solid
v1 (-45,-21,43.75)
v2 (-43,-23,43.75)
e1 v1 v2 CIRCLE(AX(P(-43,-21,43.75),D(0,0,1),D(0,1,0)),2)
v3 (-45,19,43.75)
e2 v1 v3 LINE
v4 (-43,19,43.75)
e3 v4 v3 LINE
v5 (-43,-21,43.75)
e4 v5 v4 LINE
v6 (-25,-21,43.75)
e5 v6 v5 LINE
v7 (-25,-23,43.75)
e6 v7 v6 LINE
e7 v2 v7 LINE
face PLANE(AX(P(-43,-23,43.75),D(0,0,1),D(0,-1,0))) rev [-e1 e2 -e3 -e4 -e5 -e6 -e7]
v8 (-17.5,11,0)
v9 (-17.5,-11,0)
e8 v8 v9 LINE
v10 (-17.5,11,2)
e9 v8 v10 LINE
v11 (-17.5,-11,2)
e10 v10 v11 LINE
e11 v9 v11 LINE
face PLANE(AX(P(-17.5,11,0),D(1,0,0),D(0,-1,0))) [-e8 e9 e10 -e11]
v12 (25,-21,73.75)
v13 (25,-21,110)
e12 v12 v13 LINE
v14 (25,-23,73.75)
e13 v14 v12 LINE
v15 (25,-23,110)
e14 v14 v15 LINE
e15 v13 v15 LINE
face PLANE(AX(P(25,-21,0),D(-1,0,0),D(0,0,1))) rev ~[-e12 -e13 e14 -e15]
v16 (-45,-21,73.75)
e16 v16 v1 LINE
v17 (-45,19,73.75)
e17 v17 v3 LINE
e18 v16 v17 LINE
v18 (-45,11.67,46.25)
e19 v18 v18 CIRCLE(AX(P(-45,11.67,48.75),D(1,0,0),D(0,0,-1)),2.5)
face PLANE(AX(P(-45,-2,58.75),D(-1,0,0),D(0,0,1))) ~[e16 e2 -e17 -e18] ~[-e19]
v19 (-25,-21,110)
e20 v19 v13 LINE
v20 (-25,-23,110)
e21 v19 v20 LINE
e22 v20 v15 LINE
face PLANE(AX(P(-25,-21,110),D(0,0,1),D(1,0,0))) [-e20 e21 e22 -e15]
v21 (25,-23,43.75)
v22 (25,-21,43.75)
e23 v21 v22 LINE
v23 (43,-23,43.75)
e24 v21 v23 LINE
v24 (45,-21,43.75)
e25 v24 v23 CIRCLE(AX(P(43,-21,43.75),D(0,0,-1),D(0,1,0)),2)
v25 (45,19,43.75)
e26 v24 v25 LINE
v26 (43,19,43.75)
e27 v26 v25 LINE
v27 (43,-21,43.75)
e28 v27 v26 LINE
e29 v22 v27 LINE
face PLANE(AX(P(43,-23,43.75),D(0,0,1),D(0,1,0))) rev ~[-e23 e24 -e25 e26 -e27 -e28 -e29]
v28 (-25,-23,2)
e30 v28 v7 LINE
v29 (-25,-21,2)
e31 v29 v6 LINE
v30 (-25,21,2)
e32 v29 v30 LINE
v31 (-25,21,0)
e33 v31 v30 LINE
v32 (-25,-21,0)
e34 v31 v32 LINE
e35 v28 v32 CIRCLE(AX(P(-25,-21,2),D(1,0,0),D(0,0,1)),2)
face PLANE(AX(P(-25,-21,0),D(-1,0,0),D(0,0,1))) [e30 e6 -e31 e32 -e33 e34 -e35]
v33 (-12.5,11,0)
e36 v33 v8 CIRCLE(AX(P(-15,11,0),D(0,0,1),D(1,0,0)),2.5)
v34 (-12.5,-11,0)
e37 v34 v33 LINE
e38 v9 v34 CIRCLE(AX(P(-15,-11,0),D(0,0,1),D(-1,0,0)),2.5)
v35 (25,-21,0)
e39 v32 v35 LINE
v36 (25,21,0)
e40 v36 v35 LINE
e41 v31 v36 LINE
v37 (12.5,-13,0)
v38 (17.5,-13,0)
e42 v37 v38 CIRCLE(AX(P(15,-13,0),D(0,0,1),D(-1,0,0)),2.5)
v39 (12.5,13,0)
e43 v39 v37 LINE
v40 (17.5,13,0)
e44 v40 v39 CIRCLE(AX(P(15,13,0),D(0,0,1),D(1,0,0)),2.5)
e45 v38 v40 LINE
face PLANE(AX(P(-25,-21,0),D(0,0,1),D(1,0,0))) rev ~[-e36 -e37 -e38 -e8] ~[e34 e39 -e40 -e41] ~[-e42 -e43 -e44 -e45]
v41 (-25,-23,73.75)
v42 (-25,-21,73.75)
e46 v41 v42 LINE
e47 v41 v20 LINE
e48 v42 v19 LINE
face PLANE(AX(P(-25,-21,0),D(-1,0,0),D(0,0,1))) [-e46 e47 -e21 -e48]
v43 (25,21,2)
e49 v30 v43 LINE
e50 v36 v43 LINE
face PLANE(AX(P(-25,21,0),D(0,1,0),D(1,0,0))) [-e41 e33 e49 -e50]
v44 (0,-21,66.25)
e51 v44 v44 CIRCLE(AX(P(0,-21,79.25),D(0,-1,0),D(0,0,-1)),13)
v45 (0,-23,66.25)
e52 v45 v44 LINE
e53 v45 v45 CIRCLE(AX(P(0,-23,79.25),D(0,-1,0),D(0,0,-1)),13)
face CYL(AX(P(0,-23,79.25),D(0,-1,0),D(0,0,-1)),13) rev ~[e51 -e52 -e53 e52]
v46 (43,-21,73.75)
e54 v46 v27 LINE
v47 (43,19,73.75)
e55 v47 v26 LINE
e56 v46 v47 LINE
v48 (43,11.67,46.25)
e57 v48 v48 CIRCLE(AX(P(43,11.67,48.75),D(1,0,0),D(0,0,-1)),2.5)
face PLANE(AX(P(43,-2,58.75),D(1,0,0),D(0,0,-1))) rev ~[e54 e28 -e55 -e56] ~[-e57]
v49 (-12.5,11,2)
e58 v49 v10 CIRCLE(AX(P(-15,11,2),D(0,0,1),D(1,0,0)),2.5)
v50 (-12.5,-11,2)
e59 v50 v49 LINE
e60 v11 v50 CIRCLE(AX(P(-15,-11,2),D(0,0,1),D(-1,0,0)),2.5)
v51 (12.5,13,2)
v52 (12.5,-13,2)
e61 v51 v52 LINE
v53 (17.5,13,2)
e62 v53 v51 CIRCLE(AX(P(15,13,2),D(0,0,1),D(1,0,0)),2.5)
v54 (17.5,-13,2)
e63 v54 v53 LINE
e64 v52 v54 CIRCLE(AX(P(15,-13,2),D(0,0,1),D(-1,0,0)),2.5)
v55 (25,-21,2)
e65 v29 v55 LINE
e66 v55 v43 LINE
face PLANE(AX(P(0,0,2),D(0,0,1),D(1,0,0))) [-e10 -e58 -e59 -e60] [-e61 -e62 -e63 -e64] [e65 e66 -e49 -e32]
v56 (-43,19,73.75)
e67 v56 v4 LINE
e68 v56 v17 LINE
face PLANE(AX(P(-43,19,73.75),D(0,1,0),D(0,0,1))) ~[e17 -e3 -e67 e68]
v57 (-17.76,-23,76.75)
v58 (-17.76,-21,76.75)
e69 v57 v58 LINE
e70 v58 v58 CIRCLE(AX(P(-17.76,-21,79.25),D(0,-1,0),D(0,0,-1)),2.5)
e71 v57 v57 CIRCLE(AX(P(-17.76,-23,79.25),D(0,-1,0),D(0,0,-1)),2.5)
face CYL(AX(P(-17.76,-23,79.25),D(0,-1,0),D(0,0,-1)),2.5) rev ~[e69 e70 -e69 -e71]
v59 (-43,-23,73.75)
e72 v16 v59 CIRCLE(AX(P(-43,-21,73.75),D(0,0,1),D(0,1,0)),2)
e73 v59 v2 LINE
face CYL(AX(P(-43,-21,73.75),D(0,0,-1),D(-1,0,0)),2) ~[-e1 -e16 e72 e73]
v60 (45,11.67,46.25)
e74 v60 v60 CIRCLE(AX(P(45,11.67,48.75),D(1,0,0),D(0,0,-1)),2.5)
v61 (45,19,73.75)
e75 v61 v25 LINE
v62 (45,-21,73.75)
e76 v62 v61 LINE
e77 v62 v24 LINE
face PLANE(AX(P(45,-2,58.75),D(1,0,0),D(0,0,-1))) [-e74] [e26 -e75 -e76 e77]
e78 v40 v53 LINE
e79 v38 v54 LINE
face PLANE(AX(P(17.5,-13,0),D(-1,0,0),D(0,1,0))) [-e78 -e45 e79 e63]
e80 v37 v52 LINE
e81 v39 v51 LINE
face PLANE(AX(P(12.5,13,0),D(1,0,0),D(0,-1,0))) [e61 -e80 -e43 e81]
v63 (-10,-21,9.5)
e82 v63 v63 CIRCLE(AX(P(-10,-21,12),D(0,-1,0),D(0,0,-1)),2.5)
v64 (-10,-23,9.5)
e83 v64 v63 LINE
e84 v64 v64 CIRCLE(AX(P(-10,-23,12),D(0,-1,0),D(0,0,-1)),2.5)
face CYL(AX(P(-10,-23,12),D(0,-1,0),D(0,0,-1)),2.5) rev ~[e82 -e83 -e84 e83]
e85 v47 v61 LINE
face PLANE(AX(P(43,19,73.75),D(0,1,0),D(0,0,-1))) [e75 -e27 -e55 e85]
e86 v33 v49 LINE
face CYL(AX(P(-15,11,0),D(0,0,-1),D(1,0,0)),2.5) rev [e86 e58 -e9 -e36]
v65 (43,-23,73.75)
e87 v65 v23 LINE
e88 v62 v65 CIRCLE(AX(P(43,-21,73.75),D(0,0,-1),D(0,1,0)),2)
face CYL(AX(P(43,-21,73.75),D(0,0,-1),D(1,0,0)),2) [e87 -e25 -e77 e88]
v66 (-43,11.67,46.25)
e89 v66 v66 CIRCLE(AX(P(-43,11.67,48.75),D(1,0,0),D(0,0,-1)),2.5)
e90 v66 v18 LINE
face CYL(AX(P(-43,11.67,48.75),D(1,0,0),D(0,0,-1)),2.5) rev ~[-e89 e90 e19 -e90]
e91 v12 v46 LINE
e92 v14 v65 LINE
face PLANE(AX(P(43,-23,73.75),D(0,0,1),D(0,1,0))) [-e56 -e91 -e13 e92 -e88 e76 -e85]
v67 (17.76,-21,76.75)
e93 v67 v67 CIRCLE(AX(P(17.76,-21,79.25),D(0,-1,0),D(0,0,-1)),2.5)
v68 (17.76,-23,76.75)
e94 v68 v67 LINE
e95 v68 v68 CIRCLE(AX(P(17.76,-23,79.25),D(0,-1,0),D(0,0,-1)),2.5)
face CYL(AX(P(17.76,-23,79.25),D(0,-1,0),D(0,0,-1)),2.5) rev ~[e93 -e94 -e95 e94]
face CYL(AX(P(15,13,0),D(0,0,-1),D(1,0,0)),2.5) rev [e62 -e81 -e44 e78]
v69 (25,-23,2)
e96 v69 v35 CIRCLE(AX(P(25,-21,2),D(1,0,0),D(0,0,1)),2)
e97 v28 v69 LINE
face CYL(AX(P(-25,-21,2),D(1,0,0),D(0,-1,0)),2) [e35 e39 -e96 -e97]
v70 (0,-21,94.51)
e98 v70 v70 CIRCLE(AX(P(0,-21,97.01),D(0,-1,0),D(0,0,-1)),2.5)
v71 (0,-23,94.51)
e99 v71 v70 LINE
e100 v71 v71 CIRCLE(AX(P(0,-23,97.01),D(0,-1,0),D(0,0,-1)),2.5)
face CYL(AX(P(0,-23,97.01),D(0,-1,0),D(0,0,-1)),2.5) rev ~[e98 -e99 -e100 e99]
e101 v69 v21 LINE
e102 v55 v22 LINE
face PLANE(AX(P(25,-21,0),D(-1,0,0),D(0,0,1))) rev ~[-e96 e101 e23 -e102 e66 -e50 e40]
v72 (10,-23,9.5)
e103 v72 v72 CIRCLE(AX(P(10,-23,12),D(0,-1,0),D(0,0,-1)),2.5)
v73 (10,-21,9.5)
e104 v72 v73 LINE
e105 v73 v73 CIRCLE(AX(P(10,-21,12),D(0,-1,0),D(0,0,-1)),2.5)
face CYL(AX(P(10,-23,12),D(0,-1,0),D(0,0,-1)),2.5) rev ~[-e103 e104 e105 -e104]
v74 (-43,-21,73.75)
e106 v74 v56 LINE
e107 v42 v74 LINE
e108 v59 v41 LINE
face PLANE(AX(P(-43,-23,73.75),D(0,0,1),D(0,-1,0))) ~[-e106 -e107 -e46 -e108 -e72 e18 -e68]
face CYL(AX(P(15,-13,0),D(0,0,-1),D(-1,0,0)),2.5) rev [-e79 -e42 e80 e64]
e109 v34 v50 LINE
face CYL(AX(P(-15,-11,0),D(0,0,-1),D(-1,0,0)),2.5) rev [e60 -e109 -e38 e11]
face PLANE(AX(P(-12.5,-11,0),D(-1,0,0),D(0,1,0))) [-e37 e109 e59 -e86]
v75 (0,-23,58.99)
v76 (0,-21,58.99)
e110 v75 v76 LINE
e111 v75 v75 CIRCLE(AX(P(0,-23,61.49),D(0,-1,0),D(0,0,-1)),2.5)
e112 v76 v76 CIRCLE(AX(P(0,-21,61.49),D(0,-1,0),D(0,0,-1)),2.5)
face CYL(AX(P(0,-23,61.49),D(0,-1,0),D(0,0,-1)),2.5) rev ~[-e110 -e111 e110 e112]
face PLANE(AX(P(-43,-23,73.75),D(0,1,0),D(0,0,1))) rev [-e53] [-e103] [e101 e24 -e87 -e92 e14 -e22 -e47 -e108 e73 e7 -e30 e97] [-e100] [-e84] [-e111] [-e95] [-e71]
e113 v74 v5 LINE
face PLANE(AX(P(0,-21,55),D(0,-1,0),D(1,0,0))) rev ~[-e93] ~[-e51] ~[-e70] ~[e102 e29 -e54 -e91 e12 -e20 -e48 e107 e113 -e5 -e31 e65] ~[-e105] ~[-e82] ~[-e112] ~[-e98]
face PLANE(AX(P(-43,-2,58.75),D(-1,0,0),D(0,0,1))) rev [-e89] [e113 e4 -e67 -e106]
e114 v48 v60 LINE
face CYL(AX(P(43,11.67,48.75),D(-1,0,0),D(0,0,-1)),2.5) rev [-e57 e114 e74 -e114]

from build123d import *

# Parameters (mm, degrees)
SKETCH_1_W          = 50
SKETCH_1_H          = 42
EXTRUDE_1_DEPTH     = 2
SKETCH_2_W          = 50
SKETCH_2_H          = 110
EXTRUDE_2_DEPTH     = 2
CUT_EXTRUDE_1_REACH = 123.083
SKETCH_3_R          = 2.5
CUT_EXTRUDE_2_REACH = 123.083
SKETCH_4_R          = 13
FILLET_1_R          = 2
SKETCH_5_W          = 30
SKETCH_5_H          = 2
EXTRUDE_3_DEPTH     = 18
SKETCH_6_W          = 30
SKETCH_6_H          = 42
EXTRUDE_4_DEPTH     = 2
FILLET_2_R          = 2
CUT_EXTRUDE_3_REACH = 144.734
SKETCH_7_R          = 2.5
CUT_EXTRUDE_4_REACH = 128.732
SKETCH_8_R          = 2.5


with BuildPart() as part:
    # 草图1 → 凸台-拉伸1 (new body)
    with BuildSketch(Plane.XY):
        Rectangle(SKETCH_1_W, SKETCH_1_H)
        with BuildLine():
            Line((-17.5, 11), (-17.5, -11))
            ThreePointArc((-17.5, -11), (-15, -13.5), (-12.5, -11))
            Line((-12.5, -11), (-12.5, 11))
            ThreePointArc((-12.5, 11), (-15, 13.5), (-17.5, 11))
        make_face(mode=Mode.SUBTRACT)
        with BuildLine():
            Line((12.5, 13), (12.5, -13))
            ThreePointArc((12.5, -13), (15, -15.5), (17.5, -13))
            Line((17.5, -13), (17.5, 13))
            ThreePointArc((17.5, 13), (15, 15.5), (12.5, 13))
        make_face(mode=Mode.SUBTRACT)
    extrude(amount=EXTRUDE_1_DEPTH)

    # 草图2 → 凸台-拉伸2 (add)
    with BuildSketch(Plane.XZ.offset(21)):
        with Locations((0, 55)):
            Rectangle(SKETCH_2_W, SKETCH_2_H)
    extrude(amount=EXTRUDE_2_DEPTH)

    # 草图3 → 切除-拉伸1 (cut, up to next)
    with BuildSketch(Plane.XZ.offset(23), mode=Mode.PRIVATE) as cut_extrude_1_sk1:
        with Locations((17.76, 79.25)):
            Circle(SKETCH_3_R)
    cut_extrude_1_tool1 = extrude(cut_extrude_1_sk1.sketch, amount=-CUT_EXTRUDE_1_REACH, mode=Mode.PRIVATE) & part.part
    # 草图3 → 切除-拉伸1 (cut, up to next)
    with BuildSketch(Plane.XZ.offset(23), mode=Mode.PRIVATE) as cut_extrude_1_sk2:
        with Locations((-17.76, 79.25)):
            Circle(SKETCH_3_R)
    cut_extrude_1_tool2 = extrude(cut_extrude_1_sk2.sketch, amount=-CUT_EXTRUDE_1_REACH, mode=Mode.PRIVATE) & part.part
    # 草图3 → 切除-拉伸1 (cut, up to next)
    with BuildSketch(Plane.XZ.offset(23), mode=Mode.PRIVATE) as cut_extrude_1_sk3:
        with Locations((0, 61.49)):
            Circle(SKETCH_3_R)
    cut_extrude_1_tool3 = extrude(cut_extrude_1_sk3.sketch, amount=-CUT_EXTRUDE_1_REACH, mode=Mode.PRIVATE) & part.part
    # 草图3 → 切除-拉伸1 (cut, up to next)
    with BuildSketch(Plane.XZ.offset(23), mode=Mode.PRIVATE) as cut_extrude_1_sk4:
        with Locations((0, 97.01)):
            Circle(SKETCH_3_R)
    cut_extrude_1_tool4 = extrude(cut_extrude_1_sk4.sketch, amount=-CUT_EXTRUDE_1_REACH, mode=Mode.PRIVATE) & part.part
    add(cut_extrude_1_tool1.solids().sort_by_distance((17.76, -23, 79.25))[0], mode=Mode.SUBTRACT)
    add(cut_extrude_1_tool2.solids().sort_by_distance((-17.76, -23, 79.25))[0], mode=Mode.SUBTRACT)
    add(cut_extrude_1_tool3.solids().sort_by_distance((0, -23, 61.49))[0], mode=Mode.SUBTRACT)
    add(cut_extrude_1_tool4.solids().sort_by_distance((0, -23, 97.01))[0], mode=Mode.SUBTRACT)

    # 草图4 → 切除-拉伸2 (cut, up to next)
    with BuildSketch(Plane.XZ.offset(23), mode=Mode.PRIVATE) as cut_extrude_2_sk1:
        with Locations((0, 79.25)):
            Circle(SKETCH_4_R)
    cut_extrude_2_tool1 = extrude(cut_extrude_2_sk1.sketch, amount=-CUT_EXTRUDE_2_REACH, mode=Mode.PRIVATE) & part.part
    add(cut_extrude_2_tool1.solids().sort_by_distance((0, -23, 79.25))[0], mode=Mode.SUBTRACT)

    # 圆角1
    fillet_1_edges = [part.edges().sort_by_distance(p)[0] for p in [
        (0, -23, 0),
    ]]
    fillet(fillet_1_edges, radius=FILLET_1_R)

    # 草图5 → 凸台-拉伸3 (add)
    with BuildSketch(Plane(origin=(25, 0, 0), x_dir=(0, 0, -1), z_dir=(1, 0, 0))):
        with Locations((-58.75, -22)):
            Rectangle(SKETCH_5_W, SKETCH_5_H)
    extrude_3 = extrude(amount=EXTRUDE_3_DEPTH)

    # 草图6 → 凸台-拉伸4 (add)
    with BuildSketch(Plane(origin=(43, 0, 0), x_dir=(0, 0, -1), z_dir=(1, 0, 0))):
        with Locations((-58.75, -2)):
            Rectangle(SKETCH_6_W, SKETCH_6_H)
    extrude_4 = extrude(amount=EXTRUDE_4_DEPTH)

    # 镜向1: 凸台-拉伸3, 凸台-拉伸4 across plane
    add(extrude_3.mirror(Plane(origin=(0, 0, 0), x_dir=(0, 0, 1), z_dir=(1, 0, 0))))
    add(extrude_4.mirror(Plane(origin=(0, 0, 0), x_dir=(0, 0, 1), z_dir=(1, 0, 0))))

    # 圆角2
    fillet_2_edges = [part.edges().sort_by_distance(p)[0] for p in [
        (-45, -23, 58.75),
        (45, -23, 58.75),
    ]]
    fillet(fillet_2_edges, radius=FILLET_2_R)

    # 草图7 → 切除-拉伸3 (cut, up to next)
    with BuildSketch(Plane(origin=(-43, 0, 0), x_dir=(0, 0, -1), z_dir=(1, 0, 0)), mode=Mode.PRIVATE) as cut_extrude_3_sk1:
        with Locations((-48.75, 11.67)):
            Circle(SKETCH_7_R)
    cut_extrude_3_tool1 = extrude(cut_extrude_3_sk1.sketch, amount=-CUT_EXTRUDE_3_REACH, mode=Mode.PRIVATE) & part.part
    cut_extrude_3 = cut_extrude_3_tool1.solids().sort_by_distance((-43, 11.67, 48.75))[0]
    add(cut_extrude_3, mode=Mode.SUBTRACT)

    # 镜向2: 切除-拉伸3 across plane
    add(cut_extrude_3.mirror(Plane(origin=(0, 0, 0), x_dir=(0, 0, 1), z_dir=(1, 0, 0))), mode=Mode.SUBTRACT)

    # 草图8 → 切除-拉伸4 (cut, up to next)
    with BuildSketch(Plane.XZ.offset(23), mode=Mode.PRIVATE) as cut_extrude_4_sk1:
        with Locations((10, 12)):
            Circle(SKETCH_8_R)
    cut_extrude_4_tool1 = extrude(cut_extrude_4_sk1.sketch, amount=-CUT_EXTRUDE_4_REACH, mode=Mode.PRIVATE) & part.part
    # 草图8 → 切除-拉伸4 (cut, up to next)
    with BuildSketch(Plane.XZ.offset(23), mode=Mode.PRIVATE) as cut_extrude_4_sk2:
        with Locations((-10, 12)):
            Circle(SKETCH_8_R)
    cut_extrude_4_tool2 = extrude(cut_extrude_4_sk2.sketch, amount=-CUT_EXTRUDE_4_REACH, mode=Mode.PRIVATE) & part.part
    add(cut_extrude_4_tool1.solids().sort_by_distance((10, -23, 12))[0], mode=Mode.SUBTRACT)
    add(cut_extrude_4_tool2.solids().sort_by_distance((-10, -23, 12))[0], mode=Mode.SUBTRACT)


solid = part.part
